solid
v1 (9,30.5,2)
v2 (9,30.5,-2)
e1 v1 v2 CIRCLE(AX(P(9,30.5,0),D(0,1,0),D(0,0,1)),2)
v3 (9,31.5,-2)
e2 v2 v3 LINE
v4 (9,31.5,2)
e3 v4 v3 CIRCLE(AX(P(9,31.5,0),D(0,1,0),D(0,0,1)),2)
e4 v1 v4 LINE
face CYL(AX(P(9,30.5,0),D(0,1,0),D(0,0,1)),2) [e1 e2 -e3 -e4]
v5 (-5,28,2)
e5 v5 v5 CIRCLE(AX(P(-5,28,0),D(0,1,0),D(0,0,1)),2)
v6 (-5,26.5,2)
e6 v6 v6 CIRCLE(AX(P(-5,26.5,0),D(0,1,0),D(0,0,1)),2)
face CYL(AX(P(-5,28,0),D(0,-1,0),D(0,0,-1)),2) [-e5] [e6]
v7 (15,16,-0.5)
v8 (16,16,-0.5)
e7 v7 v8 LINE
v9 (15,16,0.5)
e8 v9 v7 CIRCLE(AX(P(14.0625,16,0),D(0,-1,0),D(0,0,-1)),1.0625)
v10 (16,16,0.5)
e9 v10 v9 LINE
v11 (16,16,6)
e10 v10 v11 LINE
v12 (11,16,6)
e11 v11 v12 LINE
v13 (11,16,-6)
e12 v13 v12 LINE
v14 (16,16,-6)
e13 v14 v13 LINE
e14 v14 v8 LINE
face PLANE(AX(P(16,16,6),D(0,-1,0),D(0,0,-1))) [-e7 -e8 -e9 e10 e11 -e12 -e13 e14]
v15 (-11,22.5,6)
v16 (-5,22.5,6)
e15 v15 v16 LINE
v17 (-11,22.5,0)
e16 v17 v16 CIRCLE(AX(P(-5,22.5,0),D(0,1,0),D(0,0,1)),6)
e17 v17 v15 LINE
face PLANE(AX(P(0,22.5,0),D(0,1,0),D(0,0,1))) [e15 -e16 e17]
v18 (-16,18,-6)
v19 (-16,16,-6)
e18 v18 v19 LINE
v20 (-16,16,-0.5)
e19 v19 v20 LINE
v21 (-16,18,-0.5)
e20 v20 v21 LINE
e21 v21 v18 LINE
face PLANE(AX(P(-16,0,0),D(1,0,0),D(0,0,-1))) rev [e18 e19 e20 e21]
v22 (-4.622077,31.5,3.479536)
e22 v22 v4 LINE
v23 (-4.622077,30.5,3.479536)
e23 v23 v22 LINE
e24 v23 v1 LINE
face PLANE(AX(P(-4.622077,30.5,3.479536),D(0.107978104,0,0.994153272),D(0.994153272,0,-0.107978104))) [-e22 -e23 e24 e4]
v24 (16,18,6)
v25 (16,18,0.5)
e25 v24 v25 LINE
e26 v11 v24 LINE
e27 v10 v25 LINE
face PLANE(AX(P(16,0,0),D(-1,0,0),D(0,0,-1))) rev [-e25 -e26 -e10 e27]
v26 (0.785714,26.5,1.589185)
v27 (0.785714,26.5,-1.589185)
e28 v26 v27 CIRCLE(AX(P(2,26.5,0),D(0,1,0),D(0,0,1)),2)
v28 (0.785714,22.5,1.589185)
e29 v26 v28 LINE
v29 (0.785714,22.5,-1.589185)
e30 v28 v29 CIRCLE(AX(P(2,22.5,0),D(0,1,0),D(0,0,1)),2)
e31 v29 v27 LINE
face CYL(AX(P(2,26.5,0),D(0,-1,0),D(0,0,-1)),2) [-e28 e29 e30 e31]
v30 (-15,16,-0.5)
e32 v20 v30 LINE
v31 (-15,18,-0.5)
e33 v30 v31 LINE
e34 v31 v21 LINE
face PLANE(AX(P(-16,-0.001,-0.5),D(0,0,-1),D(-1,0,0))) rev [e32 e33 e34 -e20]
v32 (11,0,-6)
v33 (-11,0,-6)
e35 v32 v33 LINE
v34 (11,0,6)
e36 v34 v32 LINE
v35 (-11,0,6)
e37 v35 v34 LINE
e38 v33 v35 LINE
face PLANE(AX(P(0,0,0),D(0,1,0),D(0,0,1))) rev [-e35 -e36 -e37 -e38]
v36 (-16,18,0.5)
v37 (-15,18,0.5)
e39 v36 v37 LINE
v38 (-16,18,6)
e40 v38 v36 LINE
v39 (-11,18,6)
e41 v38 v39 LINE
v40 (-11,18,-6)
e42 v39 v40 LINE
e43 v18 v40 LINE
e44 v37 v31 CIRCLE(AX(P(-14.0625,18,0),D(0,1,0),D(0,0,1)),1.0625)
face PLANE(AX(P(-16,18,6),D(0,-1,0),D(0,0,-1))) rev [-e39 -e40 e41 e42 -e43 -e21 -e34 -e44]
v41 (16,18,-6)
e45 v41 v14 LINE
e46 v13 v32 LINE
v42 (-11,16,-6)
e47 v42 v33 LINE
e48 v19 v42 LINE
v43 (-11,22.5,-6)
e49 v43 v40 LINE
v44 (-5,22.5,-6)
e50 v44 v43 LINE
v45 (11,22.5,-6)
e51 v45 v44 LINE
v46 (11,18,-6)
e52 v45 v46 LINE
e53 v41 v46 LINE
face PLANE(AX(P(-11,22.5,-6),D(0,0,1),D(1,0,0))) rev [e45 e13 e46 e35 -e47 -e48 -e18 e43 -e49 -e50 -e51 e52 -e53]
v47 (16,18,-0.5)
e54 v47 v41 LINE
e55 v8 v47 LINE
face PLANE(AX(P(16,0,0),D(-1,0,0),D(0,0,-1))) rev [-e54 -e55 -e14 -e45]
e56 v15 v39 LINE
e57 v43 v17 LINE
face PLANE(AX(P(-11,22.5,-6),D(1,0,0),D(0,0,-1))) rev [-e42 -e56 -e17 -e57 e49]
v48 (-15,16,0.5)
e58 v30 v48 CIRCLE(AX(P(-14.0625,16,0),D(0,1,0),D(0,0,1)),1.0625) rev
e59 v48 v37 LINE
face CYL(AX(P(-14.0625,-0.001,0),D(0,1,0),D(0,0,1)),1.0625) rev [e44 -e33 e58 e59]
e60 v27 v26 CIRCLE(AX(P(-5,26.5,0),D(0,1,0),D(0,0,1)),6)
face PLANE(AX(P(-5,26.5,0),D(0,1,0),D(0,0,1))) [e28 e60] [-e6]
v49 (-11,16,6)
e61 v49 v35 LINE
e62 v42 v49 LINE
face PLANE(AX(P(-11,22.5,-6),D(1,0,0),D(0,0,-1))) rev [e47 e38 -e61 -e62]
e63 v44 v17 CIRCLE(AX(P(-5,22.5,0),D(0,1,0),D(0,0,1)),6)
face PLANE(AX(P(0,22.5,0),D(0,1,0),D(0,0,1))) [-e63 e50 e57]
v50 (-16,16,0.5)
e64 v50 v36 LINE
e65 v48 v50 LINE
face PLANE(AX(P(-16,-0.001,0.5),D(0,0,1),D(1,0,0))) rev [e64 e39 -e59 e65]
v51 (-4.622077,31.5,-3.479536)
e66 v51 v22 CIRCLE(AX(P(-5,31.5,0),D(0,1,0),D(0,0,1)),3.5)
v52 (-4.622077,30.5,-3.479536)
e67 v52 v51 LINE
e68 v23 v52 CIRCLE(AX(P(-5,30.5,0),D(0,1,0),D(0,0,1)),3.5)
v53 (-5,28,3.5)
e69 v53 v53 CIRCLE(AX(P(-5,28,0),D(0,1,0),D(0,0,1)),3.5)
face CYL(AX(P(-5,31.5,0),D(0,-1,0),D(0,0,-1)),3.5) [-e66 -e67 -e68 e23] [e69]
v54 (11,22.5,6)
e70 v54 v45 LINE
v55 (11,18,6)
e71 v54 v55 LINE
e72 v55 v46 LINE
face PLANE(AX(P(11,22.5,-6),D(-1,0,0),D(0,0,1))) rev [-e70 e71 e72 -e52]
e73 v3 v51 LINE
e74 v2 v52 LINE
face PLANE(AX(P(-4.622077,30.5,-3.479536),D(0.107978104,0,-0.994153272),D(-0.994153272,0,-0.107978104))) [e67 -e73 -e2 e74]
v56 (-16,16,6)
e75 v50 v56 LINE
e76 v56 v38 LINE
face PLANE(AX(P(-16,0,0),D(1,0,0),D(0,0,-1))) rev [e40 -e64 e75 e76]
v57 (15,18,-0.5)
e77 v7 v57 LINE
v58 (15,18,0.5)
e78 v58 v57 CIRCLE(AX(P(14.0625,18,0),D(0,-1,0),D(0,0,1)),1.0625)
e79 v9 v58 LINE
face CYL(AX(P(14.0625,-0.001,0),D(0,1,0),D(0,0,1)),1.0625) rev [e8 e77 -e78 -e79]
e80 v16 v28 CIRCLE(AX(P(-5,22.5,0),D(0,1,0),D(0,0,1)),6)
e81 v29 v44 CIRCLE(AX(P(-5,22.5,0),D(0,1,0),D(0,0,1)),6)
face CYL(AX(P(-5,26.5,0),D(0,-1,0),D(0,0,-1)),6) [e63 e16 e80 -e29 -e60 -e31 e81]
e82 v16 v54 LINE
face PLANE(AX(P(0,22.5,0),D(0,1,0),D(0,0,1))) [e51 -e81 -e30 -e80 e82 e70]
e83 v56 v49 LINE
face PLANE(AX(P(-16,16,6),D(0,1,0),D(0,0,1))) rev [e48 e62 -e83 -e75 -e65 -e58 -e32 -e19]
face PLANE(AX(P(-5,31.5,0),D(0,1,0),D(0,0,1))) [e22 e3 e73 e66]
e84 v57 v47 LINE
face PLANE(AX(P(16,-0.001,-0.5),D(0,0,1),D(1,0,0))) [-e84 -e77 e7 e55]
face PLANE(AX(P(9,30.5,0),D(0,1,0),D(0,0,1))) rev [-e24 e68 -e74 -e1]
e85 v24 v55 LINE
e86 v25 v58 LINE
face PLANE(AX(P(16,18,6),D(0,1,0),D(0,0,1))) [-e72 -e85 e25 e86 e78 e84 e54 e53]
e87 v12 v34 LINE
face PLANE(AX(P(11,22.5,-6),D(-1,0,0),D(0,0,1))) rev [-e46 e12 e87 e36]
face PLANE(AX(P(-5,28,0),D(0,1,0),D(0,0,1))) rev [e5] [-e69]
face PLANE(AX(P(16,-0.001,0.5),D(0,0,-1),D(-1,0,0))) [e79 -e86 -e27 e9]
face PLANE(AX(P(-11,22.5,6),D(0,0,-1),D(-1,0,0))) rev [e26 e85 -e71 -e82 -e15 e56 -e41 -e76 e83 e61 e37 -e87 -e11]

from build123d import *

# Parameters (mm, degrees)
SKETCH1_W           = 22
SKETCH1_H           = 12
BOSS_EXTRUDE1_DEPTH = 22.5
SKETCH2_W           = 12
SKETCH2_H           = 2
BOSS_EXTRUDE2_DEPTH = 5
CUT_EXTRUDE1_REACH  = 26.819
SKETCH4_R           = 6
BOSS_EXTRUDE3_DEPTH = 4
SKETCH5_R           = 2
BOSS_EXTRUDE4_DEPTH = 4
SKETCH6_R           = 2
BOSS_EXTRUDE5_DEPTH = 1.5
SKETCH7_R           = 3.5
BOSS_EXTRUDE6_DEPTH = 3.5
BOSS_EXTRUDE7_DEPTH = 1


with BuildPart() as part:
    # Sketch1 → Boss-Extrude1 (new body)
    with BuildSketch(Plane(origin=(0, 0, 0), x_dir=(1, 0, 0), z_dir=(0, 1, 0))):
        Rectangle(SKETCH1_W, SKETCH1_H)
    extrude(amount=BOSS_EXTRUDE1_DEPTH)

    # Sketch2 → Boss-Extrude2 (add)
    with BuildSketch(Plane.ZY.offset(11)):
        with Locations((0, 17)):
            Rectangle(SKETCH2_W, SKETCH2_H)
    boss_extrude2 = extrude(amount=BOSS_EXTRUDE2_DEPTH)

    # Sketch3 → Cut-Extrude1 (cut, up to next)
    with BuildSketch(Plane(origin=(0, 18, 0), x_dir=(1, 0, 0), z_dir=(0, 1, 0)), mode=Mode.PRIVATE) as cut_extrude1_sk1:
        with BuildLine():
            Line((-16, 0.5), (-16, -0.5))
            Line((-16, -0.5), (-15, -0.5))
            ThreePointArc((-15, -0.5), (-13, 0), (-15, 0.5))
            Line((-15, 0.5), (-16, 0.5))
        make_face()
    cut_extrude1_tool1 = extrude(cut_extrude1_sk1.sketch, amount=-CUT_EXTRUDE1_REACH, mode=Mode.PRIVATE) & part.part
    cut_extrude1 = cut_extrude1_tool1.solids().sort_by_distance((-14.365975, 18, 0))[0]
    add(cut_extrude1, mode=Mode.SUBTRACT)

    # Mirror1: Boss-Extrude2, Cut-Extrude1 across plane
    add(boss_extrude2.mirror(Plane(origin=(0, 0, 0), x_dir=(0, 0, 1), z_dir=(1, 0, 0))))
    add(cut_extrude1.mirror(Plane(origin=(0, 0, 0), x_dir=(0, 0, 1), z_dir=(1, 0, 0))), mode=Mode.SUBTRACT)

    # Sketch4 → Boss-Extrude3 (add)
    with BuildSketch(Plane(origin=(0, 22.5, 0), x_dir=(1, 0, 0), z_dir=(0, 1, 0))):
        with Locations(Location((-5, 0, 0), (0, 0, 270))):
            Circle(SKETCH4_R)
    extrude(amount=BOSS_EXTRUDE3_DEPTH)

    # Sketch5 → Boss-Extrude4 (add)
    with BuildSketch(Plane(origin=(0, 22.5, 0), x_dir=(1, 0, 0), z_dir=(0, 1, 0))):
        with Locations((2, 0)):
            Circle(SKETCH5_R)
    extrude(amount=BOSS_EXTRUDE4_DEPTH)

    # Sketch6 → Boss-Extrude5 (add)
    with BuildSketch(Plane(origin=(0, 26.5, 0), x_dir=(1, 0, 0), z_dir=(0, 1, 0))):
        with Locations(Location((-5, 0, 0), (0, 0, 270))):
            Circle(SKETCH6_R)
    extrude(amount=BOSS_EXTRUDE5_DEPTH)

    # Sketch7 → Boss-Extrude6 (add)
    with BuildSketch(Plane(origin=(0, 28, 0), x_dir=(1, 0, 0), z_dir=(0, 1, 0))):
        with Locations(Location((-5, 0, 0), (0, 0, 270))):
            Circle(SKETCH7_R)
    extrude(amount=BOSS_EXTRUDE6_DEPTH)

    # Sketch8 → Boss-Extrude7 (add)
    with BuildSketch(Plane(origin=(0, 31.5, 0), x_dir=(1, 0, 0), z_dir=(0, 1, 0))):
        with BuildLine():
            Line((-4.622076636, 3.479536453), (-4.622076636, -3.479536453))
            Line((-4.622076636, -3.479536453), (9, -2))
            ThreePointArc((9, -2), (11, 0), (9, 2))
            Line((9, 2), (-4.622076636, 3.479536453))
        make_face()
    extrude(amount=-BOSS_EXTRUDE7_DEPTH)


solid = part.part
